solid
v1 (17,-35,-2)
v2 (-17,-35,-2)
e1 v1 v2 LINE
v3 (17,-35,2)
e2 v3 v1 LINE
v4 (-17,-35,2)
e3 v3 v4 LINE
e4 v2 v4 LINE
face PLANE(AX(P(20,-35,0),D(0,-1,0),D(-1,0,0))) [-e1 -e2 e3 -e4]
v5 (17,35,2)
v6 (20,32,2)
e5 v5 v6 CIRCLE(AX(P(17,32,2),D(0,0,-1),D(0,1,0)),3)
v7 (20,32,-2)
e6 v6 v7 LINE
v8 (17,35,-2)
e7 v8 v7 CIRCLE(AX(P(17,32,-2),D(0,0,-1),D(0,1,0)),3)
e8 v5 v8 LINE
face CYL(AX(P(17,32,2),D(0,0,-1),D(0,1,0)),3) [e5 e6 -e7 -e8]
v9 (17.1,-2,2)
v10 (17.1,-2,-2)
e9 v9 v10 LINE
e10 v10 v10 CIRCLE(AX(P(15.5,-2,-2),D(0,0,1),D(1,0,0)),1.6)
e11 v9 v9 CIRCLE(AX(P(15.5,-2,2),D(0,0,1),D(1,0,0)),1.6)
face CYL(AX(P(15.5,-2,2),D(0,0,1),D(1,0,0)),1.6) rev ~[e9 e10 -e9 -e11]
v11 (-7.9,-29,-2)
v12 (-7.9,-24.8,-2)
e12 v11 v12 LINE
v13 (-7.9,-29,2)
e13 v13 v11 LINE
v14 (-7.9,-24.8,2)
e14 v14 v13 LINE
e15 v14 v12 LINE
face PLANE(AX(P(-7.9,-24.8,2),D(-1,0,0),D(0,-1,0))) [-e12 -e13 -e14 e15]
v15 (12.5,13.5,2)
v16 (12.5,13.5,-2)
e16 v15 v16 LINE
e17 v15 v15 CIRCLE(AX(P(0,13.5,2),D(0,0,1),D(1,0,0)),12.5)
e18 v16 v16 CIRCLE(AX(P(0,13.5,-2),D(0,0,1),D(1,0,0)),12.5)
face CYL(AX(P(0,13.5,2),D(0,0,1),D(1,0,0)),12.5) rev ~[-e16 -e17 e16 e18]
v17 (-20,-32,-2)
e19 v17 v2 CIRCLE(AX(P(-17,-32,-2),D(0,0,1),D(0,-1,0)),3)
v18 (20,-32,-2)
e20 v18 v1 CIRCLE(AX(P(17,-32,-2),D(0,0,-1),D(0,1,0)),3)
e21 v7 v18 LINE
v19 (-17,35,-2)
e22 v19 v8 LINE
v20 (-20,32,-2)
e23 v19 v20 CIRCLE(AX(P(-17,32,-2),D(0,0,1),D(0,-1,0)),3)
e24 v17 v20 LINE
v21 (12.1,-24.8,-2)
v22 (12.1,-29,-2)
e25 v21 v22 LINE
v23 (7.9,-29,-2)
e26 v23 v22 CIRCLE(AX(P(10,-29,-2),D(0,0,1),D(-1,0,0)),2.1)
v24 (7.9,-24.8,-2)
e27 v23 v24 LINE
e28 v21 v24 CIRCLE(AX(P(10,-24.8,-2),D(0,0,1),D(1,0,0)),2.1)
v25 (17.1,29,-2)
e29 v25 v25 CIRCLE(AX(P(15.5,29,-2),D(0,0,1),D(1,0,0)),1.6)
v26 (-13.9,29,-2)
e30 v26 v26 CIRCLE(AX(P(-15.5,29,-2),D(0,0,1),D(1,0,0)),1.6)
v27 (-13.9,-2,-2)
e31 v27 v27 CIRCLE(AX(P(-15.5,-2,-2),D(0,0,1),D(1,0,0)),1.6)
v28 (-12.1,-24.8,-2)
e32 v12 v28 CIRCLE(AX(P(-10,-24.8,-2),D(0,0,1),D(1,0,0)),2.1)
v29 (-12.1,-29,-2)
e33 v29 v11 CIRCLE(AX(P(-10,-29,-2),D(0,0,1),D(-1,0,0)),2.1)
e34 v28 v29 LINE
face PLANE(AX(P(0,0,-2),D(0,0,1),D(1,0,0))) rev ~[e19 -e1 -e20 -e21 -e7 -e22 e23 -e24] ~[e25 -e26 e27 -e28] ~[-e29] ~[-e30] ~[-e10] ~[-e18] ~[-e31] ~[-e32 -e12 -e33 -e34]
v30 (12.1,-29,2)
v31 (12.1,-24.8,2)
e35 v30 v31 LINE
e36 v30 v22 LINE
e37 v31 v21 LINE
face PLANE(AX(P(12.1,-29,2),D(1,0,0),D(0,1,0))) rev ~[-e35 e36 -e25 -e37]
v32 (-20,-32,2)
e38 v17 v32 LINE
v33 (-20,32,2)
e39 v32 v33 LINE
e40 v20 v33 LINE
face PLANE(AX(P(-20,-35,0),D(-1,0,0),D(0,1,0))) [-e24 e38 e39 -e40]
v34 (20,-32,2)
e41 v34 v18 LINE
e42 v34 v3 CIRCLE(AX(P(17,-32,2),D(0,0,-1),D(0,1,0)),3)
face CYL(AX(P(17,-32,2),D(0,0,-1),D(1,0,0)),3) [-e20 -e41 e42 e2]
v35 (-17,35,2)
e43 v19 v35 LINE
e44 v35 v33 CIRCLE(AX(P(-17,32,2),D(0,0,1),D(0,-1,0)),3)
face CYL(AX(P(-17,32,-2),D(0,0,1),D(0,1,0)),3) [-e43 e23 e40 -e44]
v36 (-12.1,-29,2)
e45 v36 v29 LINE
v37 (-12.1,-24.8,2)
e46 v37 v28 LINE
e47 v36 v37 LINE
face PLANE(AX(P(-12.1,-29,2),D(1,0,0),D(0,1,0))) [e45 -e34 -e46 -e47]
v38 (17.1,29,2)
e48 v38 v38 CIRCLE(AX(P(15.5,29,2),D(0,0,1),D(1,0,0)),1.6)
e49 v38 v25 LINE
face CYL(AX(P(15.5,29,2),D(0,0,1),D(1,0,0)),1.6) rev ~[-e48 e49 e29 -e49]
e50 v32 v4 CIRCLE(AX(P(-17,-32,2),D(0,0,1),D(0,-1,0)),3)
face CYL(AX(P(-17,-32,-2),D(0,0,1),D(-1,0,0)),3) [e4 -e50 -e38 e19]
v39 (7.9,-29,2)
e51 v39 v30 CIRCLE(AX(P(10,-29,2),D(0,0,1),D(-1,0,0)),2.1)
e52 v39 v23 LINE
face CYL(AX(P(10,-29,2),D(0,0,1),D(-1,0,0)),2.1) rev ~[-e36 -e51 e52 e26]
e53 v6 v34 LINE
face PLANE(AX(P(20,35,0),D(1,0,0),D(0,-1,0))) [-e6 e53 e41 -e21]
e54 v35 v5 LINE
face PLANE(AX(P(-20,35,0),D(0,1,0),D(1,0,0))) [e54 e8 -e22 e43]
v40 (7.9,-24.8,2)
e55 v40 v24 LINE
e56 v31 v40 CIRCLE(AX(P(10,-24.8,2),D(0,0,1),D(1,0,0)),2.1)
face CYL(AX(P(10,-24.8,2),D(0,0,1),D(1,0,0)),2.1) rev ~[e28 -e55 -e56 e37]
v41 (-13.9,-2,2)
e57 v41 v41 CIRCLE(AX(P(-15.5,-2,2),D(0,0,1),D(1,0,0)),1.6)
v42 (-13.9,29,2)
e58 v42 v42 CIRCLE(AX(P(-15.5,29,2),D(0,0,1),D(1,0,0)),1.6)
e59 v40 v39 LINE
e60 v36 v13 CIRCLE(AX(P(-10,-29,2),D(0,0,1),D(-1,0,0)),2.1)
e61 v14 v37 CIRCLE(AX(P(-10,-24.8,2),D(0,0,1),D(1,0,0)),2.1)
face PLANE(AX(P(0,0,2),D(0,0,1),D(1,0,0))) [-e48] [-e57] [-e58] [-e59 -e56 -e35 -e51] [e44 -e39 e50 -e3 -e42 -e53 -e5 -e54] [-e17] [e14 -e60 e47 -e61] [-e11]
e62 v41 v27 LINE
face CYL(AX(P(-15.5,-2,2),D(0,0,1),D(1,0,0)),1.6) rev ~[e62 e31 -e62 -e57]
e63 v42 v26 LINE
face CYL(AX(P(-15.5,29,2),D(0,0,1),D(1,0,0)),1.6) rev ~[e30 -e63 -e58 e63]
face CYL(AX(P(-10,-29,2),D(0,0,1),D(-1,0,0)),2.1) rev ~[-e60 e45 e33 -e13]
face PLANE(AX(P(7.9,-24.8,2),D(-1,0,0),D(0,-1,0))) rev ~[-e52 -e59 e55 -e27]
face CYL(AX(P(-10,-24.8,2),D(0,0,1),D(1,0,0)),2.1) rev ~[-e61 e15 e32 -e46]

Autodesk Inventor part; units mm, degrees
ref_plane "YZ Plane" through (0, 0, 0) normal (1, 0, 0) x (0, 1, 0)
ref_plane "XZ Plane" through (0, 0, 0) normal (0, 1, 0) x (-1, 0, 0)
ref_plane "XY Plane" through (0, 0, 0) normal (0, 0, 1) x (1, 0, 0)
sketch "Sketch1" plane through (0, 0, 0) normal (0, 0, 1) x (1, 0, 0)
  line L0 (-20, 35) -> (20, 35)
  line L1 (20, 35) -> (20, -35)
  line L2 (20, -35) -> (-20, -35)
  line L3 (-20, -35) -> (-20, 35)
  point P0 (0, 0)
  point P1 (0, 35)
  point P2 (20, 0)
  dimension "d0" = 40
  dimension "d1" = 70
extrude "Extrusion1" add sketch "Sketch1" along normal mid plane 4
sketch "Sketch2" plane through (0, 0, 2) normal (0, 0, 1) x (1, 0, 0)
  circle A0 centre (0, 13.5) radius 12.5
  circle A1 centre (-15.5, 29) radius 1.6
  circle A2 centre (15.5, 29) radius 1.6
  circle A3 centre (15.5, -2) radius 1.6
  circle A4 centre (-15.5, -2) radius 1.6
  line L0 (-15.5, 29) -> (15.5, 29) construction
  line L1 (20, 35) -> (-20, 35) projected
  line L2 (-15.5, -2) -> (-15.5, 29) construction
  point P0 (0, 0)
  point P1 (0, 29)
  point P2 (-15.5, 13.5)
  dimension "d4" = 3.2
  dimension "d5" = 31
  dimension "d6" = 31
  dimension "d7" = 21.5
  dimension "d8" = 25
extrude "Extrusion2" cut sketch "Sketch2" against normal up to next
sketch "Sketch3" plane through (0, 0, 2) normal (0, 0, 1) x (1, 0, 0)
  arc A0 (-7.9, -24.8) -> (-12.1, -24.8) centre (-10, -24.8) ccw
  arc A1 (12.1, -24.8) -> (7.9, -24.8) centre (10, -24.8) ccw
  line L0 (-10, -24.8) -> (10, -24.8) construction
  arc A2 (-12.1, -29) -> (-7.9, -29) centre (-10, -29) ccw
  arc A3 (7.9, -29) -> (12.1, -29) centre (10, -29) ccw
  line L1 (-12.1, -29) -> (-12.1, -24.8)
  line L2 (-7.9, -24.8) -> (-7.9, -29)
  line L3 (7.9, -24.8) -> (7.9, -29)
  line L4 (12.1, -29) -> (12.1, -24.8)
  line L5 (-20, -35) -> (20, -35) projected
  point P0 (0, 0)
  point P1 (0, -24.8)
  dimension "d11" = 4.2
  dimension "d12" = 4.2
  dimension "d13" = 20
  dimension "d14" = 6
extrude "Extrusion3" cut sketch "Sketch3" against normal up to next
fillet "Fillet1" radius 3 4 edges at (-20, -35, 0) (20, -35, 0) (20, 35, 0) (-20, 35, 0)
equation "\"d6\" = d5"
properties part number "nema17-mount-bottom-z-axis-v2"
